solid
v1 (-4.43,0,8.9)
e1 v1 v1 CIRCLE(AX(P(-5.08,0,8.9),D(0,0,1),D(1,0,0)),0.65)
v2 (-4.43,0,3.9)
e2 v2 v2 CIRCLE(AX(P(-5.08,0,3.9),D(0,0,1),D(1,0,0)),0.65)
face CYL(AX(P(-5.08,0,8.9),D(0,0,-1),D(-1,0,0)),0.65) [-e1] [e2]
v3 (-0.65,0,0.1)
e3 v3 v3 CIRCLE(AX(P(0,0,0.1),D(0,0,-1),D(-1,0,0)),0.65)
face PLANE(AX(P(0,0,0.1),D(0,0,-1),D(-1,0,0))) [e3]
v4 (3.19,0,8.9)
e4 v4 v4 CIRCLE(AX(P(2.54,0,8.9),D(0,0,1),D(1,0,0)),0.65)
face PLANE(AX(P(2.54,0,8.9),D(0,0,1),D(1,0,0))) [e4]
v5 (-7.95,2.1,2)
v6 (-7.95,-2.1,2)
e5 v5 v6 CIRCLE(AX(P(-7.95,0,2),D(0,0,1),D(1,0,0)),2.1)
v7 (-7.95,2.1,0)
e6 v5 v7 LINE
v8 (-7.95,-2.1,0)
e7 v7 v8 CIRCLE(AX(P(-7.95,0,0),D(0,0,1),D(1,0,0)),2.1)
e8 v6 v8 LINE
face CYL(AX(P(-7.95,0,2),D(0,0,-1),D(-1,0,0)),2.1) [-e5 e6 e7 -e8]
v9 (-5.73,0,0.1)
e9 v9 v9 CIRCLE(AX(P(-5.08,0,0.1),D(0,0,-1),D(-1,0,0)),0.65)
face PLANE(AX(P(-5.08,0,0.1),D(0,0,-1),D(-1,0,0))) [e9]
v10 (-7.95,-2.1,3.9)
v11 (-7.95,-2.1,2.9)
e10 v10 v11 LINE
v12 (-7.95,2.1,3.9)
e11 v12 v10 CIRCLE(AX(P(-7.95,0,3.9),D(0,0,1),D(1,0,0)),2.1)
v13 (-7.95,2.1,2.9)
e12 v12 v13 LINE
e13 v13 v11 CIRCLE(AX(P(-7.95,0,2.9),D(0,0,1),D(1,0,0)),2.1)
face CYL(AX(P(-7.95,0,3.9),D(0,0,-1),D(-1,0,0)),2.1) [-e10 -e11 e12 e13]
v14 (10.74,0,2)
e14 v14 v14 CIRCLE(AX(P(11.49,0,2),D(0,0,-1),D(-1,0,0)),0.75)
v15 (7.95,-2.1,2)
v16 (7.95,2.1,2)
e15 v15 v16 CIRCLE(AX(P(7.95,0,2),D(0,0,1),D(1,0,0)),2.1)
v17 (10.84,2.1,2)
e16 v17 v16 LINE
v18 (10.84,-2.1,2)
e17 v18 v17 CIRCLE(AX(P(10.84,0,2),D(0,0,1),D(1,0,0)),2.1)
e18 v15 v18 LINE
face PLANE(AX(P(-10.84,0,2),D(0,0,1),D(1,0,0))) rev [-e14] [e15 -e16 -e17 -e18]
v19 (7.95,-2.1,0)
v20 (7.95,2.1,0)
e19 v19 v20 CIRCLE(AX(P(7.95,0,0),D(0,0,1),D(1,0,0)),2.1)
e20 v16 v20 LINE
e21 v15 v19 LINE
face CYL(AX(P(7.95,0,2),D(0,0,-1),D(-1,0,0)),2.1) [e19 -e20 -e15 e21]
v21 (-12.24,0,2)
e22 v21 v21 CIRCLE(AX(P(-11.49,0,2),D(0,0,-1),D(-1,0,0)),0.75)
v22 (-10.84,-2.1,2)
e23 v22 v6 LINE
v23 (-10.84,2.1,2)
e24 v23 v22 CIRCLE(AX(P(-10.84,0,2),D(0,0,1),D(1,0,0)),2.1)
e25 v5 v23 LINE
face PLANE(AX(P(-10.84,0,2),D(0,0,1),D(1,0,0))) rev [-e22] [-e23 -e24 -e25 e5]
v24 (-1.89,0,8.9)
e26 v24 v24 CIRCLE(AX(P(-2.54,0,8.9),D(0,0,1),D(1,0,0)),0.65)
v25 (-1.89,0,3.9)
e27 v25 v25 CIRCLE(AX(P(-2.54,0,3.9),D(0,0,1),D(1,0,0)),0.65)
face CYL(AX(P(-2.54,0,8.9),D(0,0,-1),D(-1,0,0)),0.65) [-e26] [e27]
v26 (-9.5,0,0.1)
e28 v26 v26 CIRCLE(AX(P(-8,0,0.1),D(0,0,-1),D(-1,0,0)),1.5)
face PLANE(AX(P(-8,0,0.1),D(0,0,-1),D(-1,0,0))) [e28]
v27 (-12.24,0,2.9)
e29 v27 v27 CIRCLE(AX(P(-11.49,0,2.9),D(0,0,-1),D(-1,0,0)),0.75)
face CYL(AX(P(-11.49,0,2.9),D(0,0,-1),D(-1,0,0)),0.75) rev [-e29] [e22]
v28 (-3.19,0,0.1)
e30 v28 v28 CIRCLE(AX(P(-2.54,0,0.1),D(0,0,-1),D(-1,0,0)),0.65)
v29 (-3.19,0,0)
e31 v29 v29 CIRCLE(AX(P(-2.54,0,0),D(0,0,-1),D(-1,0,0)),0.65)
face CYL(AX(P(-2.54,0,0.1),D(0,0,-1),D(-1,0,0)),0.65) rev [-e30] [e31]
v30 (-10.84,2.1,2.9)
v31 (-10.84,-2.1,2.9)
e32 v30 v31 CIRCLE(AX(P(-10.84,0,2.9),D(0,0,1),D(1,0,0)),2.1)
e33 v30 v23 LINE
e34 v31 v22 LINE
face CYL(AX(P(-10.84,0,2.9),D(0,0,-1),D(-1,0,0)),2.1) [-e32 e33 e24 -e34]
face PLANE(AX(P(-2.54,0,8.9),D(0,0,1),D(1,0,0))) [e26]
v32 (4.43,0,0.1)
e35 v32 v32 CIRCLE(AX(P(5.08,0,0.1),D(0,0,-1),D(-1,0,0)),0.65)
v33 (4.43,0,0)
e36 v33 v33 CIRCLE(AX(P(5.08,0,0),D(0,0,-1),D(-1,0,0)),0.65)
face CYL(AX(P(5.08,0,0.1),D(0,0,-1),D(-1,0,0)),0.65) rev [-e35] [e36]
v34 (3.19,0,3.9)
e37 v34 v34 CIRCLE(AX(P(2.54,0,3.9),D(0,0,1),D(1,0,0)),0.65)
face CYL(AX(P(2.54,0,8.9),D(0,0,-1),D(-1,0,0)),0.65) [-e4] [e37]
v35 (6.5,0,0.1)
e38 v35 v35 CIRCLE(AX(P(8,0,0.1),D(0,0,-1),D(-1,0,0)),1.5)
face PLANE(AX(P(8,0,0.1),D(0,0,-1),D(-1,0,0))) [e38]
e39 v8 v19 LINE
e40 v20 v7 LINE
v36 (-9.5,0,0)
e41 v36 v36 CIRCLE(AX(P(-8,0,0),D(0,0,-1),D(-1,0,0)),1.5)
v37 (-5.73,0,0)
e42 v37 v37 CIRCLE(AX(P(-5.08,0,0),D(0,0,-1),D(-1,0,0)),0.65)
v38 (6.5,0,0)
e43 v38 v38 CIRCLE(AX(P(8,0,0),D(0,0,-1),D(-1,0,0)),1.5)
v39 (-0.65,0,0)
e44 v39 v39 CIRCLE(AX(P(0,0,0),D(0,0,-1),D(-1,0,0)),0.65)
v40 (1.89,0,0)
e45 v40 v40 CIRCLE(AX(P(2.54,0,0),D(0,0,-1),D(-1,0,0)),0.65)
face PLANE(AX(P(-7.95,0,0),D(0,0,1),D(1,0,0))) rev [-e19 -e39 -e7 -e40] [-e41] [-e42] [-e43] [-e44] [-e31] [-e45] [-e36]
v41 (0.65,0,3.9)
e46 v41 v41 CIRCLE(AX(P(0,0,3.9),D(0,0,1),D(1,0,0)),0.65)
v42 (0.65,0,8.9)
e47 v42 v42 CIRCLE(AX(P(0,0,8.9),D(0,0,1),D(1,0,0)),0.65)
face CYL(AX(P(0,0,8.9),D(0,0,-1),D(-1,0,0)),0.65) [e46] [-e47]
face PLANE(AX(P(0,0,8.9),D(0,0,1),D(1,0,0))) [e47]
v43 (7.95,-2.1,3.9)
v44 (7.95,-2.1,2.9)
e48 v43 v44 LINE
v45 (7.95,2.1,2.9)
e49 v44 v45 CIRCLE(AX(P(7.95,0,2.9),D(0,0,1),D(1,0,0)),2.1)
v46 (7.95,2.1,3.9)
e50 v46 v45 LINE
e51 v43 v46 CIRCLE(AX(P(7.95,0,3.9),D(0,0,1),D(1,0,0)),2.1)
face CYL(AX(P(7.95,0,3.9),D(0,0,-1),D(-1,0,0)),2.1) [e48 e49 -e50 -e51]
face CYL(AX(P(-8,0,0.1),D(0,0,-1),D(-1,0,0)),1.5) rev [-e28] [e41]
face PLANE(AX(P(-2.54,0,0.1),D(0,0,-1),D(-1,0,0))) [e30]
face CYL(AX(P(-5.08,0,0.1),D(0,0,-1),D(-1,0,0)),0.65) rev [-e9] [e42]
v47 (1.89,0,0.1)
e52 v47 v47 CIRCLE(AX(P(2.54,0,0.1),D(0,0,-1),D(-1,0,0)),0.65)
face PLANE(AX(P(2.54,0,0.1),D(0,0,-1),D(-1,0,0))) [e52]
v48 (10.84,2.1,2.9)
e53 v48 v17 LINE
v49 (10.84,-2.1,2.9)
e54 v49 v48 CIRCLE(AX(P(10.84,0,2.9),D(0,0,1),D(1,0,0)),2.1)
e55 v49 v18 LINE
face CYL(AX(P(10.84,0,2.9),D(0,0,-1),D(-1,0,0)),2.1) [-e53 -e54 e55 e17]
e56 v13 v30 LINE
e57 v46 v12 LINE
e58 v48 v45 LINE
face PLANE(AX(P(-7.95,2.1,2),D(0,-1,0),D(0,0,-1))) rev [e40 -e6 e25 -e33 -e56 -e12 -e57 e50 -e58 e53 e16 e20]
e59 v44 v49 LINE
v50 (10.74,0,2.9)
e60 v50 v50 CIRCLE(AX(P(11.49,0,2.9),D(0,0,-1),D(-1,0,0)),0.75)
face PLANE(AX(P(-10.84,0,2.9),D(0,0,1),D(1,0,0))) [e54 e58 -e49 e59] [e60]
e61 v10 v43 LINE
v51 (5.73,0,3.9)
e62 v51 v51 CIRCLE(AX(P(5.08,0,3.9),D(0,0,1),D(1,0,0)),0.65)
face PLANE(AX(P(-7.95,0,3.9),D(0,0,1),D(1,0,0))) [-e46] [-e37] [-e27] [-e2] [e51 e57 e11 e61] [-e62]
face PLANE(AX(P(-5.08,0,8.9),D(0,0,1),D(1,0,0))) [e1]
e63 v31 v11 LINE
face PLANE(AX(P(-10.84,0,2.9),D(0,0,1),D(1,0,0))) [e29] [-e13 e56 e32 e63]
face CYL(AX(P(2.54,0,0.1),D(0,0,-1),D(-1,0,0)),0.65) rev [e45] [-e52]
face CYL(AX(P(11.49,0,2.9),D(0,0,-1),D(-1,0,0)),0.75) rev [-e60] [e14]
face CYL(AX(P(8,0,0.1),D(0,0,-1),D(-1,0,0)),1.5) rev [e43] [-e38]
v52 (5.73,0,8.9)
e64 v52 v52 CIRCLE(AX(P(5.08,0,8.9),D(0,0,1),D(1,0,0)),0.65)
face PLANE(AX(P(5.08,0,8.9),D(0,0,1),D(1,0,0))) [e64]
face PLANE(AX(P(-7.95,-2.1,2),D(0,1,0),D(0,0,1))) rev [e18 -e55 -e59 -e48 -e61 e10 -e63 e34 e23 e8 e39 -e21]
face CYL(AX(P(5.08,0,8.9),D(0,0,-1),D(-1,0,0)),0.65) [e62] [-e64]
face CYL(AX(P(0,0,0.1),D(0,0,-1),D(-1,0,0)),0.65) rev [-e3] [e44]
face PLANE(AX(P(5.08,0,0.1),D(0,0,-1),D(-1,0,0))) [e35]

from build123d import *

# Parameters (mm, degrees)
BOSS_EXTRUDE1_DEPTH = 2
BOSS_EXTRUDE2_DEPTH = 0.9
SKETCH3_R           = 0.75
CUT_EXTRUDE1_DEPTH  = 0.9
SKETCH4_R           = 0.65
SKETCH4_R_2         = 1.5
CUT_EXTRUDE2_DEPTH  = 0.1
BOSS_EXTRUDE3_DEPTH = 1
SKETCH6_R           = 0.65
BOSS_EXTRUDE4_DEPTH = 5


with BuildPart() as part:
    # Sketch1 → Boss-Extrude1 (new body)
    with BuildSketch(Plane.XY):
        with BuildLine():
            Line((-7.95, 2.1), (7.95, 2.1))
            ThreePointArc((7.95, 2.1), (10.05, 0), (7.95, -2.1))
            Line((7.95, -2.1), (-7.95, -2.1))
            ThreePointArc((-7.95, -2.1), (-10.05, 0), (-7.95, 2.1))
        make_face()
    extrude(amount=BOSS_EXTRUDE1_DEPTH)

    # Sketch2 → Boss-Extrude2 (add)
    with BuildSketch(Plane.XY.offset(2)):
        with BuildLine():
            Line((-10.84, 2.1), (10.84, 2.1))
            ThreePointArc((10.84, 2.1), (12.94, 0), (10.84, -2.1))
            Line((10.84, -2.1), (-10.84, -2.1))
            ThreePointArc((-10.84, -2.1), (-12.94, 0), (-10.84, 2.1))
        make_face()
    extrude(amount=BOSS_EXTRUDE2_DEPTH)

    # Sketch3 → Cut-Extrude1 (cut)
    with BuildSketch(Plane(origin=(0, 0, 2), x_dir=(-1, 0, 0), z_dir=(0, 0, -1))):
        with Locations((-11.49, 0)):
            Circle(SKETCH3_R)
        with Locations((11.49, 0)):
            Circle(SKETCH3_R)
    extrude(amount=-CUT_EXTRUDE1_DEPTH, mode=Mode.SUBTRACT)

    # Sketch4 → Cut-Extrude2 (cut)
    with BuildSketch(Plane(origin=(0, 0, 0), x_dir=(-1, 0, 0), z_dir=(0, 0, -1))):
        Circle(SKETCH4_R)
        with Locations((2.54, 0)):
            Circle(SKETCH4_R)
        with Locations((5.08, 0)):
            Circle(SKETCH4_R)
        with Locations((-2.54, 0)):
            Circle(SKETCH4_R)
        with Locations((-5.08, 0)):
            Circle(SKETCH4_R)
        with Locations((-8, 0)):
            Circle(SKETCH4_R_2)
        with Locations((8, 0)):
            Circle(SKETCH4_R_2)
    extrude(amount=-CUT_EXTRUDE2_DEPTH, mode=Mode.SUBTRACT)

    # Sketch5 → Boss-Extrude3 (add)
    with BuildSketch(Plane.XY.offset(2.9)):
        with BuildLine():
            Line((7.95, 2.1), (-7.95, 2.1))
            ThreePointArc((-7.95, 2.1), (-10.05, 0), (-7.95, -2.1))
            Line((-7.95, -2.1), (7.95, -2.1))
            ThreePointArc((7.95, -2.1), (10.05, 0), (7.95, 2.1))
        make_face()
    extrude(amount=BOSS_EXTRUDE3_DEPTH)

    # Sketch6 → Boss-Extrude4 (add)
    with BuildSketch(Plane.XY.offset(3.9)):
        with Locations(Location((-5.08, 0, 0), (0, 0, 180))):
            Circle(SKETCH6_R)
        with Locations(Location((-2.54, 0, 0), (0, 0, 180))):
            Circle(SKETCH6_R)
        with Locations(Location((0, 0, 0), (0, 0, 180))):
            Circle(SKETCH6_R)
        with Locations(Location((2.54, 0, 0), (0, 0, 180))):
            Circle(SKETCH6_R)
        with Locations(Location((5.08, 0, 0), (0, 0, 180))):
            Circle(SKETCH6_R)
    extrude(amount=BOSS_EXTRUDE4_DEPTH)


solid = part.part
